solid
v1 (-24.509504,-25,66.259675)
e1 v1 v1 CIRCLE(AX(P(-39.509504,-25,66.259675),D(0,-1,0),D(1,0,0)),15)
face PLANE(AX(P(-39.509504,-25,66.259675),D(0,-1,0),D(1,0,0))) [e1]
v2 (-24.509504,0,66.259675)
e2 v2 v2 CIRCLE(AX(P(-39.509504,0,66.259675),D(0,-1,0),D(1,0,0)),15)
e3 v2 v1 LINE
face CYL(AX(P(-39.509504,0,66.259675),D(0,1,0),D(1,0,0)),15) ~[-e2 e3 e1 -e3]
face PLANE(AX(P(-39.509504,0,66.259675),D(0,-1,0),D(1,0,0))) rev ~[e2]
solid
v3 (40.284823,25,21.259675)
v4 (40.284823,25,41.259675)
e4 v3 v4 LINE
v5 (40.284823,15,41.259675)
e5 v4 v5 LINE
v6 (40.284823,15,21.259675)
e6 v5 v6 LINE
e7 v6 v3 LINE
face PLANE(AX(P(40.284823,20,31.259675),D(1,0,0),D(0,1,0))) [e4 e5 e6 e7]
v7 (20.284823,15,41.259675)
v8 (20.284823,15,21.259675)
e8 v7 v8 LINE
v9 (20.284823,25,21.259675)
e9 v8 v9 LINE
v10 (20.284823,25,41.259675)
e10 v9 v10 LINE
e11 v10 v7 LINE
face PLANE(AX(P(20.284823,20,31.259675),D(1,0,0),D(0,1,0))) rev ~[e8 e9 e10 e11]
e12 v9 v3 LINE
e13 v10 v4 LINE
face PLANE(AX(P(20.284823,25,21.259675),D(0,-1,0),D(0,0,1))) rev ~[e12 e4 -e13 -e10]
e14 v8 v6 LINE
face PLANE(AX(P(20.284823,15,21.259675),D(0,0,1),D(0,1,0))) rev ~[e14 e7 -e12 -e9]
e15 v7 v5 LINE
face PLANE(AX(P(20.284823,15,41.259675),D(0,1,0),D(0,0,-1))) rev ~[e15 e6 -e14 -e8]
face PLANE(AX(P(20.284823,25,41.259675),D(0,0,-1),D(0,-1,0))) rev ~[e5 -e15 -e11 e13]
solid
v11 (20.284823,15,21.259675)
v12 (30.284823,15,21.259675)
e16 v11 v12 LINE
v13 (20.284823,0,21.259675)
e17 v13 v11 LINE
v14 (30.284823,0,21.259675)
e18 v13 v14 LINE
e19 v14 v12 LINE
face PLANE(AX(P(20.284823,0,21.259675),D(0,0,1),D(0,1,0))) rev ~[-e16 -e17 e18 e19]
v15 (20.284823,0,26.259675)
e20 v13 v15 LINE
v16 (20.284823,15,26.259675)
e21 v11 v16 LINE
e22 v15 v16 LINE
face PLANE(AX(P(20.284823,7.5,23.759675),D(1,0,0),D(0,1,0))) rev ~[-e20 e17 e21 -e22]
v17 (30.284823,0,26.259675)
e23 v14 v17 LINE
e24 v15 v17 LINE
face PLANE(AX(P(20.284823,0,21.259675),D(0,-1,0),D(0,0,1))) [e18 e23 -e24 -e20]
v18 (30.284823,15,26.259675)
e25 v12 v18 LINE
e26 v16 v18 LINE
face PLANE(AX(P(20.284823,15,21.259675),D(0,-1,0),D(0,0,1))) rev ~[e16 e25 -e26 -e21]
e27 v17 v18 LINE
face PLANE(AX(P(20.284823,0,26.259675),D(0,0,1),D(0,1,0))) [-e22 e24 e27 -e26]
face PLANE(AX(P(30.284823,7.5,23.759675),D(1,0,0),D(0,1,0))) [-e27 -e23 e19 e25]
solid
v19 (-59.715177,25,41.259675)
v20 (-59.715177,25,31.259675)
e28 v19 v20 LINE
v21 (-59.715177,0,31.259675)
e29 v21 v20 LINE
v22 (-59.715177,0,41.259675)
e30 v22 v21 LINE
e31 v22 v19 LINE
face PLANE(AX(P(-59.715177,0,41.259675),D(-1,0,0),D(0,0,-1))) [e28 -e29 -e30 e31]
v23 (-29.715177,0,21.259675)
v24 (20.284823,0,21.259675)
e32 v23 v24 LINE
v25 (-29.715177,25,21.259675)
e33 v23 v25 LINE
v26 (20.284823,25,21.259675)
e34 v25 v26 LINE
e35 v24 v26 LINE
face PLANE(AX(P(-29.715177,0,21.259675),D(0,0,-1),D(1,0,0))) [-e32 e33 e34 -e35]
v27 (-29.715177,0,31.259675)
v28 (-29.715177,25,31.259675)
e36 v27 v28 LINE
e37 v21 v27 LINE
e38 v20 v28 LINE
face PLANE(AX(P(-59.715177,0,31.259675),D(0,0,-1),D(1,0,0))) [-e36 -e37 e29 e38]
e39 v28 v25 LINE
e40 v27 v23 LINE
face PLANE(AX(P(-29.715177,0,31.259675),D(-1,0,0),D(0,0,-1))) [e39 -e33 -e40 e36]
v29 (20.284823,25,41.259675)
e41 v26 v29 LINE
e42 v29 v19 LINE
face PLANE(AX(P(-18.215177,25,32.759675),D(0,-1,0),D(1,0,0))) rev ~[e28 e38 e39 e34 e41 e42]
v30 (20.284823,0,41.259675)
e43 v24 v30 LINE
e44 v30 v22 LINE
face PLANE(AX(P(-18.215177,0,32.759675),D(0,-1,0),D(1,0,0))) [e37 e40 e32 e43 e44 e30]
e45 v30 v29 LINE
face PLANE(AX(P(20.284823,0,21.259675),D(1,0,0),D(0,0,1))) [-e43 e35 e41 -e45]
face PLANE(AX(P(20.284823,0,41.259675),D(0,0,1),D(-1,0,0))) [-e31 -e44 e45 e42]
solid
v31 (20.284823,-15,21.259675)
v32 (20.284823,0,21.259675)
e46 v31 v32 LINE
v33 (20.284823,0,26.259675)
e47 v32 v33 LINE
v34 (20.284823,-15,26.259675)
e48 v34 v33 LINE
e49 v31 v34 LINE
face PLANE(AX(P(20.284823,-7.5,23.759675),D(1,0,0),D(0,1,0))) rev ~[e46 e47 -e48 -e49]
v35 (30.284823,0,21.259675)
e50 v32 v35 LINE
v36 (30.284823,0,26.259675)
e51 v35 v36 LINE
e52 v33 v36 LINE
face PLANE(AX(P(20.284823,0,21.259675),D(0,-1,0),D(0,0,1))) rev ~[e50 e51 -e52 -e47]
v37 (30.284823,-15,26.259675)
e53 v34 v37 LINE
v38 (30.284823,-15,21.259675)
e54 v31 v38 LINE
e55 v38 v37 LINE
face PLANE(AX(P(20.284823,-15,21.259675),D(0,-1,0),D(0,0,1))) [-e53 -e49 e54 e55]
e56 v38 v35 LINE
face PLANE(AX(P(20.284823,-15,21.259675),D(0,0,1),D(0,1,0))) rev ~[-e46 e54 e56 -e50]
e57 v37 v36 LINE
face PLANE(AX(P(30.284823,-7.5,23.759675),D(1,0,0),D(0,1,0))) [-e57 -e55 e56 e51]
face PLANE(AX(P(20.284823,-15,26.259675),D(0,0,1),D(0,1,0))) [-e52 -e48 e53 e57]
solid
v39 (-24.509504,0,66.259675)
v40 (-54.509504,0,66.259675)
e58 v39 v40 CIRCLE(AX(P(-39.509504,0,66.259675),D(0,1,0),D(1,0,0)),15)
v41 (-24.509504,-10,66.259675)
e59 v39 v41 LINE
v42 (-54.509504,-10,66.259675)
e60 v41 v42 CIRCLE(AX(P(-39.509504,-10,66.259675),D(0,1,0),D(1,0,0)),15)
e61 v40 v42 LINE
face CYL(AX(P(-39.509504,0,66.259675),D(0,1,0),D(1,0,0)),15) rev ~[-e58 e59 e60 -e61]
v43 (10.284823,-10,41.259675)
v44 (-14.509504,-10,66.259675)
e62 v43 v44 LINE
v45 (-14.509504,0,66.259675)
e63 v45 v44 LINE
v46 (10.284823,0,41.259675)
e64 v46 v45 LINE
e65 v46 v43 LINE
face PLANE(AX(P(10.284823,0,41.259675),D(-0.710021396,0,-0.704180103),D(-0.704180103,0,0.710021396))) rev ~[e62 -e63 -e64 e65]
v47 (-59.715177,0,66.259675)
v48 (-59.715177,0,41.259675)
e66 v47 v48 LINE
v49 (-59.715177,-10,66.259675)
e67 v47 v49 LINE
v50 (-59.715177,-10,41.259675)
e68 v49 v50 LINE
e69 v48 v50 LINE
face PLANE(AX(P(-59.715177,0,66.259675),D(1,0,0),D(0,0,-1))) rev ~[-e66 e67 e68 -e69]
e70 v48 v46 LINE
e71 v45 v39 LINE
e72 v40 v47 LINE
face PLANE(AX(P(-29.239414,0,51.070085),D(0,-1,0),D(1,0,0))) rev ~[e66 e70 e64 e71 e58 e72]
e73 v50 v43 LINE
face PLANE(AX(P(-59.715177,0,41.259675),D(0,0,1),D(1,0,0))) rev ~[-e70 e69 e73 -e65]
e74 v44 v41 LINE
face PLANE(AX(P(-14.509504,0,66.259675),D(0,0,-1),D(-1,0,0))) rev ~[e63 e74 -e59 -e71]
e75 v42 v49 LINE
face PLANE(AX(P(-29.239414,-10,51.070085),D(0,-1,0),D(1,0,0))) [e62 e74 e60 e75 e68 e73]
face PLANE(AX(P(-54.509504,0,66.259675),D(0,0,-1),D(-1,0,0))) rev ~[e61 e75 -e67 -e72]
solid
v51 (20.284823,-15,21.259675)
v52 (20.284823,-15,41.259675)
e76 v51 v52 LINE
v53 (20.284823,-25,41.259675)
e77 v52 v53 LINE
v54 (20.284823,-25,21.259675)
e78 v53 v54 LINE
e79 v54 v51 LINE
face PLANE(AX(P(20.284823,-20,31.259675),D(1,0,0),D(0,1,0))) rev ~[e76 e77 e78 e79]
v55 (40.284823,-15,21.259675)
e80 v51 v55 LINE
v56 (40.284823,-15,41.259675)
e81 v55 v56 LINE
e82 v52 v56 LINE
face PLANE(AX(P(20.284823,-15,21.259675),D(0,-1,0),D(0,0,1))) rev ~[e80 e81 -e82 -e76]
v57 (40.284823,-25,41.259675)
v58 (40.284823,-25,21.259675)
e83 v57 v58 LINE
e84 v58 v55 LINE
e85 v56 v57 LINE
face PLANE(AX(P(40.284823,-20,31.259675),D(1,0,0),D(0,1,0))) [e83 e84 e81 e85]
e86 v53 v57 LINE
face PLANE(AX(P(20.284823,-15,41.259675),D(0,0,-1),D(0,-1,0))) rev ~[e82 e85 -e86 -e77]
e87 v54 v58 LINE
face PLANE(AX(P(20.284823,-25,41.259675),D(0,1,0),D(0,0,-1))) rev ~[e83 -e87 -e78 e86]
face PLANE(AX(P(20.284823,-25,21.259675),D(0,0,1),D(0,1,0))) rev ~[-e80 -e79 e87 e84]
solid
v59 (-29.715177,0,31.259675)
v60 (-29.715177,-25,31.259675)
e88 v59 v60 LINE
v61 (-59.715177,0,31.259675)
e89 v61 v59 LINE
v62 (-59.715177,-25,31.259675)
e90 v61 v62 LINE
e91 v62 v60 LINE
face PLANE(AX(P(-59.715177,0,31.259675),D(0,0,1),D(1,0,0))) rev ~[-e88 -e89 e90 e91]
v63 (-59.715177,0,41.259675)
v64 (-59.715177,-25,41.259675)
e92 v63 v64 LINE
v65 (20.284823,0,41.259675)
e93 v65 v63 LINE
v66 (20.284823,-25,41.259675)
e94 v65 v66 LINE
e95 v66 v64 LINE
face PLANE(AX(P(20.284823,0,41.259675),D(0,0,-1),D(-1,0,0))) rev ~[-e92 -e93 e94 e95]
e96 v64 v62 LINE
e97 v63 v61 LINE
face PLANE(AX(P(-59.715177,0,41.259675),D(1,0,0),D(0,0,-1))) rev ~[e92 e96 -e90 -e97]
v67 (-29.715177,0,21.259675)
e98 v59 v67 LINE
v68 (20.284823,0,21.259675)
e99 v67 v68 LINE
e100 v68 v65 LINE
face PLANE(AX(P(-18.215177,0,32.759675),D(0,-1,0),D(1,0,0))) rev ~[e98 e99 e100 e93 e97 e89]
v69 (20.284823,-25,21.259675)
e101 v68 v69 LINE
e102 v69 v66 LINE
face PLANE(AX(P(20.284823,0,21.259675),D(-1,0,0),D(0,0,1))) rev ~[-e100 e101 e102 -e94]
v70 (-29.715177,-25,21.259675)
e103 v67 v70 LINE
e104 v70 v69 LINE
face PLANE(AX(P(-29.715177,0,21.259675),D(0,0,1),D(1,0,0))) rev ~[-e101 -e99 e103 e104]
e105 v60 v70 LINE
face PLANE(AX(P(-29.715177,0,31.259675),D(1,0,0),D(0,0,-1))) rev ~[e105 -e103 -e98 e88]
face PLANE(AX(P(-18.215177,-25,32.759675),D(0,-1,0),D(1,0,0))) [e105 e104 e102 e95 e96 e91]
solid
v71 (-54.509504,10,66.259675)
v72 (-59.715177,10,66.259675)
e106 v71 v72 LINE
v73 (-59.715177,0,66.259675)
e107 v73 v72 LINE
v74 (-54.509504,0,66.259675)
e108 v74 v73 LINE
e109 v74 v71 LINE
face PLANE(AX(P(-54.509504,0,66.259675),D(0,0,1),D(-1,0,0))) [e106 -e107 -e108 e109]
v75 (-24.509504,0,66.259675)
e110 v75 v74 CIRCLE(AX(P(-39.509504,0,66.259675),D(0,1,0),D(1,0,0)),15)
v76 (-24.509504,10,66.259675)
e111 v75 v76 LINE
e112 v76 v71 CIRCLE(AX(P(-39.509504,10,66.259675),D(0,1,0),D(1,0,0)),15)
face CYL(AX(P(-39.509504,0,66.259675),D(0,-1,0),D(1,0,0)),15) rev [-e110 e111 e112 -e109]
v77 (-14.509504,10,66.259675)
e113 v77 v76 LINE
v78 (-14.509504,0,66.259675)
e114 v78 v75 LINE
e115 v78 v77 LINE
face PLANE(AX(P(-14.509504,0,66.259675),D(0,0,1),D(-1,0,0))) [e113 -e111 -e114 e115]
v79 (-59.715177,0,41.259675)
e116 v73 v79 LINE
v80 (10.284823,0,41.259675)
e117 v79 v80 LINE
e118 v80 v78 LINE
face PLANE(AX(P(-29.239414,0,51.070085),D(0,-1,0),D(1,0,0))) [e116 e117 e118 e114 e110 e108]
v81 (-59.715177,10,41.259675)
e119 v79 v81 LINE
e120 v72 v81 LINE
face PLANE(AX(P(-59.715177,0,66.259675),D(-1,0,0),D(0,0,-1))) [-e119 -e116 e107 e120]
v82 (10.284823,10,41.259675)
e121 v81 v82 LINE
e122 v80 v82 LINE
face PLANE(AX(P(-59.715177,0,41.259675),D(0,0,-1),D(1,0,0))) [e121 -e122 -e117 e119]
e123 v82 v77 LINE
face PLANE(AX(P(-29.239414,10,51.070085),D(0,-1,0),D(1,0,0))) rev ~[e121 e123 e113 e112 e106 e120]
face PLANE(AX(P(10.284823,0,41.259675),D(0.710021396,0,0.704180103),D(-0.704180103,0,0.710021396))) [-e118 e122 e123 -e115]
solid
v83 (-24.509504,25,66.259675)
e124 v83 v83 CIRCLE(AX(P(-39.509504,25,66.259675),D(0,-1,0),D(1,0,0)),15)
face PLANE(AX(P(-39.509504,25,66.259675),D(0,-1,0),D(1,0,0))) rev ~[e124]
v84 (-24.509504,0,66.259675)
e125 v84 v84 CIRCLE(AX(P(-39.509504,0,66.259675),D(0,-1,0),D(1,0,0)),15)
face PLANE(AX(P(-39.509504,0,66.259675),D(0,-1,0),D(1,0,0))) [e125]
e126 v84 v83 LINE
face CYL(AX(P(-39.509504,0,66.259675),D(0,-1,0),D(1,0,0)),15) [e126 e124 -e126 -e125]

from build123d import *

# Parameters (mm, degrees)
F1_DEPTH = 25
F2_DEPTH = 25
F3_DEPTH = 10
F4_DEPTH = 10
F7_DEPTH = 20
F5_W     = 15
F5_H     = 5
F8_DEPTH = 10
F6_W     = 15
F6_H     = 5


with BuildPart() as f1:
    # F0 (on Front) → F1 (new body)
    with BuildSketch(Plane.XZ):
        with BuildLine():
            ThreePointArc((-54.50950411, 66.2596747279), (-39.50950411, 51.2596747279), (-24.50950411, 66.2596747279))
            ThreePointArc((-24.50950411, 66.2596747279), (-39.50950411, 81.2596747279), (-54.50950411, 66.2596747279))
        make_face()
    extrude(amount=F1_DEPTH)


with BuildPart() as f1b:
    # F0 (on Front) → F1, piece 2 (new body)
    with BuildSketch(Plane.XZ):
        Polygon((-29.7151772691, 21.2596747279), (20.2848227309, 21.2596747279), (20.2848227309, 41.2596747279), (10.2848227309, 41.2596747279), (-59.7151772691, 41.2596747279), (-59.7151772691, 31.2596747279), (-29.7151772691, 31.2596747279), align=None)
    extrude(amount=F1_DEPTH)


with BuildPart() as f2:
    # F2 (new): a face of the model
    f2_faces = [f1.part.faces().sort_by_distance(p)[0] for p in [
        (-39.50950411, 0, 66.2596747279),
    ]]
    extrude(f2_faces, amount=F2_DEPTH)


with BuildPart() as f2b:
    # F2#2 (new): a face of the model
    f2_2_faces = [f1b.part.faces().sort_by_distance(p)[0] for p in [
        (-13.9459464999, 0, 32.4135208818),
    ]]
    extrude(f2_2_faces, amount=F2_DEPTH)


with BuildPart() as f3:
    # F0 (on Front) → F3 (new body)
    with BuildSketch(Plane.XZ):
        with BuildLine():
            Line((-59.7151772691, 41.2596747279), (10.2848227309, 41.2596747279))
            Line((10.2848227309, 41.2596747279), (-14.50950411, 66.2596747279))
            Line((-14.50950411, 66.2596747279), (-24.50950411, 66.2596747279))
            ThreePointArc((-24.50950411, 66.2596747279), (-39.50950411, 51.2596747279), (-54.50950411, 66.2596747279))
            Line((-54.50950411, 66.2596747279), (-59.7151772691, 66.2596747279))
            Line((-59.7151772691, 66.2596747279), (-59.7151772691, 41.2596747279))
        make_face()
    extrude(amount=F3_DEPTH)


with BuildPart() as f4:
    # F0 (on Front) → F4 (new body)
    with BuildSketch(Plane.XZ):
        with BuildLine():
            Line((-59.7151772691, 41.2596747279), (10.2848227309, 41.2596747279))
            Line((10.2848227309, 41.2596747279), (-14.50950411, 66.2596747279))
            Line((-14.50950411, 66.2596747279), (-24.50950411, 66.2596747279))
            ThreePointArc((-24.50950411, 66.2596747279), (-39.50950411, 51.2596747279), (-54.50950411, 66.2596747279))
            Line((-54.50950411, 66.2596747279), (-59.7151772691, 66.2596747279))
            Line((-59.7151772691, 66.2596747279), (-59.7151772691, 41.2596747279))
        make_face()
    extrude(amount=-F4_DEPTH)


with BuildPart() as f7:
    # F5 (on face) → F7 (new body)
    with BuildSketch(Plane.YZ.offset(20.2848227309)):
        Polygon((-15, 26.2596747279), (-15, 41.2596747279), (-25, 41.2596747279), (-25, 21.2596747279), (-15, 21.2596747279), align=None)
    extrude(amount=F7_DEPTH)


with BuildPart() as f7b:
    # F6 (on face) → F7, piece 2 (new body)
    with BuildSketch(Plane.YZ.offset(20.2848227309)):
        Polygon((25, 41.2596747279), (15, 41.2596747279), (15, 26.2596747279), (15, 21.2596747279), (25, 21.2596747279), align=None)
    extrude(amount=F7_DEPTH)


with BuildPart() as f8:
    # F5 (on face) → F8 (new body)
    with BuildSketch(Plane.YZ.offset(20.2848227309)):
        with Locations((-7.5, 23.7596747279)):
            Rectangle(F5_W, F5_H)
    extrude(amount=F8_DEPTH)


with BuildPart() as f8b:
    # F6 (on face) → F8, piece 2 (new body)
    with BuildSketch(Plane.YZ.offset(20.2848227309)):
        with Locations((7.5, 23.7596747279)):
            Rectangle(F6_W, F6_H)
    extrude(amount=F8_DEPTH)


solid = Compound([f1.part, f1b.part, f2.part, f2b.part, f3.part, f4.part, f7.part, f7b.part, f8.part, f8b.part])
